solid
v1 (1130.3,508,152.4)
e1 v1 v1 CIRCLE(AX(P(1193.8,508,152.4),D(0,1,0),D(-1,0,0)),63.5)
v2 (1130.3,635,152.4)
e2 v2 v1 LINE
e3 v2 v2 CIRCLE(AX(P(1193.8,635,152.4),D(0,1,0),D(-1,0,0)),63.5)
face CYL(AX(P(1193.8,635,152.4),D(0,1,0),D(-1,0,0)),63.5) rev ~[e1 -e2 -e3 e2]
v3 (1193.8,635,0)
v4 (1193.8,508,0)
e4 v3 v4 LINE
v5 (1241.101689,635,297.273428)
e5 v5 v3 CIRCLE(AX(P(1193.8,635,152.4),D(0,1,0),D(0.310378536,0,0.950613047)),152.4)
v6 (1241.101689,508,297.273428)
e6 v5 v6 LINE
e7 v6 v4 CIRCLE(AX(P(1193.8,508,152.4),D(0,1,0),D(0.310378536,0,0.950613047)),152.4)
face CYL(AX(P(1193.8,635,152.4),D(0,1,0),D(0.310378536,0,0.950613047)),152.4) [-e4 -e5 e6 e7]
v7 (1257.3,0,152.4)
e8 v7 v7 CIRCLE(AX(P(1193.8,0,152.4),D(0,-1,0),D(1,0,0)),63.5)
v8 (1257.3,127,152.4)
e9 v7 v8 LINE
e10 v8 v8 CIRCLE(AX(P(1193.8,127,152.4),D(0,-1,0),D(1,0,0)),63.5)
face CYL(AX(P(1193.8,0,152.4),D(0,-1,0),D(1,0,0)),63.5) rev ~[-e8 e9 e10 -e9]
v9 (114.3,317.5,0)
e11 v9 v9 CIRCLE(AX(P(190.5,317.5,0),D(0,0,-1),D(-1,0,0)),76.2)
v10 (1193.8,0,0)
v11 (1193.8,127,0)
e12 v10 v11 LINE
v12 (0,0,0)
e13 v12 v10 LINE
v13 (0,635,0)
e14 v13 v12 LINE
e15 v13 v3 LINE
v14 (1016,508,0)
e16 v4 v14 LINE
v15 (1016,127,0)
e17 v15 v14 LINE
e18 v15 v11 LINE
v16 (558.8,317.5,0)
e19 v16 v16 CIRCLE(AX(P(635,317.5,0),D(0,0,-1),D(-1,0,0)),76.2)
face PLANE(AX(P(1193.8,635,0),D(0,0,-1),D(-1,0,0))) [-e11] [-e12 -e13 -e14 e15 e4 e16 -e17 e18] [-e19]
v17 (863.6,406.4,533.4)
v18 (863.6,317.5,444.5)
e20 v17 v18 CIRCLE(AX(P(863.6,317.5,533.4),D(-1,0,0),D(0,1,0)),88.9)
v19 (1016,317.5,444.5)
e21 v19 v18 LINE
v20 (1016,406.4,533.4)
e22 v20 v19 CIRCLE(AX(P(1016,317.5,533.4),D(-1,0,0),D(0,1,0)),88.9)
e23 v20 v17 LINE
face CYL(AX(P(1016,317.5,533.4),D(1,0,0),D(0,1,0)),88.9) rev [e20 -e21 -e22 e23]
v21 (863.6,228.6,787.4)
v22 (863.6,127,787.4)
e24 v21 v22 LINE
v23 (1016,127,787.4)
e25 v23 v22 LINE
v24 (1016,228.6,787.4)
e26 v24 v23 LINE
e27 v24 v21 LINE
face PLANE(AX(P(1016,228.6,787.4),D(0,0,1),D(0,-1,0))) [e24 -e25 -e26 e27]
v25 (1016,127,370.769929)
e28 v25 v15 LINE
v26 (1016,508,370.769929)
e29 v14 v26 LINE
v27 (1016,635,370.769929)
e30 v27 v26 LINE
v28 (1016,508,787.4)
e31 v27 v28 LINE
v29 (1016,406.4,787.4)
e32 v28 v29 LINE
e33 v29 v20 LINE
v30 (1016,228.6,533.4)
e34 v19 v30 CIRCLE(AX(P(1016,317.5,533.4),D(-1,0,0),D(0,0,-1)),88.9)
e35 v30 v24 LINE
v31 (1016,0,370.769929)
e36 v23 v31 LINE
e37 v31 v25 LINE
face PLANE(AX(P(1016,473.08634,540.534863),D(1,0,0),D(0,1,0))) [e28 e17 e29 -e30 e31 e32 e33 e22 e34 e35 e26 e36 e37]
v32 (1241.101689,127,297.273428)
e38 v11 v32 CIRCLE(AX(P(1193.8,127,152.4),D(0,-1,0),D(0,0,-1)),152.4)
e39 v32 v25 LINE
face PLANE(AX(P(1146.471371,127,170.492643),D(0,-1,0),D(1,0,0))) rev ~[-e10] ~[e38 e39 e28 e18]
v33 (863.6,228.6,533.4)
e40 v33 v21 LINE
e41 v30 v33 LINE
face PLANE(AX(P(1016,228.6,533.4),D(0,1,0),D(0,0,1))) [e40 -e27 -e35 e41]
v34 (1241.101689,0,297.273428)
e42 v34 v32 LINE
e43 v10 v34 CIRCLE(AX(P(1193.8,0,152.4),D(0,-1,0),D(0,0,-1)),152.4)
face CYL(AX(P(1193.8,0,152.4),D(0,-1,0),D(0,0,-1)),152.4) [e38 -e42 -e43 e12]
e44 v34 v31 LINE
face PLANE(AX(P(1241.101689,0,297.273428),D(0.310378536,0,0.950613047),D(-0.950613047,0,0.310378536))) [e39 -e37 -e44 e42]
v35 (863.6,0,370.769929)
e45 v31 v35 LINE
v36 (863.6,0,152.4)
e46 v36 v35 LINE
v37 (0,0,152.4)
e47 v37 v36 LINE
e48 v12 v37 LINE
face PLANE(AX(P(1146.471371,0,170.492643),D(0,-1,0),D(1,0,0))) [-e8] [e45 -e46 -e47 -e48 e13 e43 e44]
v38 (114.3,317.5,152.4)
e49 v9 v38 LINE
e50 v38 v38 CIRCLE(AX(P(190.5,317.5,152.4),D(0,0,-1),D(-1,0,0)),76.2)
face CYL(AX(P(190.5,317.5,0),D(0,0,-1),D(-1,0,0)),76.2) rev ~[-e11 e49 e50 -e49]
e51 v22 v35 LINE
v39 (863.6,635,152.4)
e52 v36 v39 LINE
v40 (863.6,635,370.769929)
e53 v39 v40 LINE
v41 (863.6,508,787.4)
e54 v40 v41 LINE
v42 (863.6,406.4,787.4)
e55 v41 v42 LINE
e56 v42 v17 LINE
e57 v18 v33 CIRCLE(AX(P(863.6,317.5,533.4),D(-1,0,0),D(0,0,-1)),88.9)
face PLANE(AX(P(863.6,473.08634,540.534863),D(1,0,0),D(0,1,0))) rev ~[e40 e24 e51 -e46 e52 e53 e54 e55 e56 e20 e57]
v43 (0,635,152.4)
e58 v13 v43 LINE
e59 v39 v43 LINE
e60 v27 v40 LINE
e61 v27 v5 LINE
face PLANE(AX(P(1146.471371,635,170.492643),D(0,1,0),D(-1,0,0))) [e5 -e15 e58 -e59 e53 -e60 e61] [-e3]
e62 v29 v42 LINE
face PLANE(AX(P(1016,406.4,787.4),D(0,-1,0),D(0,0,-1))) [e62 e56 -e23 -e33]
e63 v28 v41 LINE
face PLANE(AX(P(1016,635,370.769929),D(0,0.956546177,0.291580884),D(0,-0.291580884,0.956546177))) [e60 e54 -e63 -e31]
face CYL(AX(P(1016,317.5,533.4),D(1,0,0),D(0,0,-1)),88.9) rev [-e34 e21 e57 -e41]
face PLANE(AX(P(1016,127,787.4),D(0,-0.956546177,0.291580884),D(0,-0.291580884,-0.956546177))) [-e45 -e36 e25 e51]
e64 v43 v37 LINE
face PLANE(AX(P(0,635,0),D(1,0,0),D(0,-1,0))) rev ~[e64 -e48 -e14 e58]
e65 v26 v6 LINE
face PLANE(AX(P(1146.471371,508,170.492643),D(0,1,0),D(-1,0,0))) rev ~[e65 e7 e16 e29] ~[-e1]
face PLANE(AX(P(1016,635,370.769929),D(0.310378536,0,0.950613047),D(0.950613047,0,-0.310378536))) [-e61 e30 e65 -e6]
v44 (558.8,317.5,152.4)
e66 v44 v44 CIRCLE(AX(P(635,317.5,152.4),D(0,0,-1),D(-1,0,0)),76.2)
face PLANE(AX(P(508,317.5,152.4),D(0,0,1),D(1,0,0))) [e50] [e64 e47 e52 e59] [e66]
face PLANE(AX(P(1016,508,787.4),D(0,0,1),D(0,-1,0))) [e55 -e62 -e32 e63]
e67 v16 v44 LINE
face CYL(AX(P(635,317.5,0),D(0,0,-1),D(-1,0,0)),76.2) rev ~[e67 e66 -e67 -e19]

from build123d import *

# Parameters (mm, degrees)
F1_DEPTH = 152.4
F2_W     = 317.5
F2_H     = 218.3699290887
F3_DEPTH = 152.4
F4_R     = 63.5
F5_DEPTH = 127
F6_R     = 63.5
F7_DEPTH = 127


with BuildPart() as f1:
    # F0 (on Top) → F1 (new body)
    with BuildSketch(Plane.XY):
        Polygon((0, 317.5), (0, 0), (1016, 0), (1016, 635), (0, 635), align=None)
        with BuildLine():
            ThreePointArc((266.7, 317.5), (190.5, 241.3), (114.3, 317.5))
            ThreePointArc((114.3, 317.5), (190.5, 393.7), (266.7, 317.5))
        make_face(mode=Mode.SUBTRACT)
        with BuildLine():
            ThreePointArc((711.2, 317.5), (635, 241.3), (558.8, 317.5))
            ThreePointArc((558.8, 317.5), (635, 393.7), (711.2, 317.5))
        make_face(mode=Mode.SUBTRACT)
    extrude(amount=F1_DEPTH)

    # F2 (on face) → F3 (join)
    with BuildSketch(Plane.YZ.offset(1016)):
        with BuildLine():
            Line((317.5, 370.7699290887), (635, 370.7699290887))
            Line((635, 370.7699290887), (508, 787.4))
            Line((508, 787.4), (406.4, 787.4))
            Line((406.4, 787.4), (406.4, 533.4))
            ThreePointArc((406.4, 533.4), (380.3617928475, 470.5382071525), (317.5, 444.5))
            Line((317.5, 444.5), (317.5, 370.7699290887))
        make_face()
        with Locations((476.25, 261.5849645443)):
            Rectangle(F2_W, F2_H)
        with Locations((158.75, 261.5849645443)):
            Rectangle(F2_W, F2_H)
        with BuildLine():
            Line((127, 787.4), (0, 370.7699290887))
            Line((0, 370.7699290887), (317.5, 370.7699290887))
            Line((317.5, 370.7699290887), (317.5, 444.5))
            ThreePointArc((317.5, 444.5), (254.6382071525, 470.5382071525), (228.6, 533.4))
            Line((228.6, 533.4), (228.6, 787.4))
            Line((228.6, 787.4), (127, 787.4))
        make_face()
    extrude(amount=-F3_DEPTH)

    # F4 (on face) → F5 (join)
    with BuildSketch(Plane.XZ):
        with BuildLine():
            Line((1016, 370.7699290887), (1016, 0))
            Line((1016, 0), (1193.8, 0))
            ThreePointArc((1193.8, 0), (1344.3065953325, 128.4516229901), (1241.1016888122, 297.273428328))
            Line((1241.1016888122, 297.273428328), (1016, 370.7699290887))
        make_face()
        with Locations((1193.8, 152.4)):
            Circle(F4_R, mode=Mode.SUBTRACT)
    extrude(amount=-F5_DEPTH)

    # F6 (on face) → F7 (join)
    with BuildSketch(Plane(origin=(0, 635, 0), x_dir=(-1, 0, 0), z_dir=(0, 1, 0))):
        with BuildLine():
            Line((-1016, 0), (-1016, 370.7699290887))
            Line((-1016, 370.7699290887), (-1241.1016888122, 297.273428328))
            ThreePointArc((-1241.1016888122, 297.273428328), (-1344.3065953325, 128.4516229901), (-1193.8, 0))
            Line((-1193.8, 0), (-1016, 0))
        make_face()
        with Locations((-1193.8, 152.4)):
            Circle(F6_R, mode=Mode.SUBTRACT)
    extrude(amount=-F7_DEPTH)


solid = f1.part
